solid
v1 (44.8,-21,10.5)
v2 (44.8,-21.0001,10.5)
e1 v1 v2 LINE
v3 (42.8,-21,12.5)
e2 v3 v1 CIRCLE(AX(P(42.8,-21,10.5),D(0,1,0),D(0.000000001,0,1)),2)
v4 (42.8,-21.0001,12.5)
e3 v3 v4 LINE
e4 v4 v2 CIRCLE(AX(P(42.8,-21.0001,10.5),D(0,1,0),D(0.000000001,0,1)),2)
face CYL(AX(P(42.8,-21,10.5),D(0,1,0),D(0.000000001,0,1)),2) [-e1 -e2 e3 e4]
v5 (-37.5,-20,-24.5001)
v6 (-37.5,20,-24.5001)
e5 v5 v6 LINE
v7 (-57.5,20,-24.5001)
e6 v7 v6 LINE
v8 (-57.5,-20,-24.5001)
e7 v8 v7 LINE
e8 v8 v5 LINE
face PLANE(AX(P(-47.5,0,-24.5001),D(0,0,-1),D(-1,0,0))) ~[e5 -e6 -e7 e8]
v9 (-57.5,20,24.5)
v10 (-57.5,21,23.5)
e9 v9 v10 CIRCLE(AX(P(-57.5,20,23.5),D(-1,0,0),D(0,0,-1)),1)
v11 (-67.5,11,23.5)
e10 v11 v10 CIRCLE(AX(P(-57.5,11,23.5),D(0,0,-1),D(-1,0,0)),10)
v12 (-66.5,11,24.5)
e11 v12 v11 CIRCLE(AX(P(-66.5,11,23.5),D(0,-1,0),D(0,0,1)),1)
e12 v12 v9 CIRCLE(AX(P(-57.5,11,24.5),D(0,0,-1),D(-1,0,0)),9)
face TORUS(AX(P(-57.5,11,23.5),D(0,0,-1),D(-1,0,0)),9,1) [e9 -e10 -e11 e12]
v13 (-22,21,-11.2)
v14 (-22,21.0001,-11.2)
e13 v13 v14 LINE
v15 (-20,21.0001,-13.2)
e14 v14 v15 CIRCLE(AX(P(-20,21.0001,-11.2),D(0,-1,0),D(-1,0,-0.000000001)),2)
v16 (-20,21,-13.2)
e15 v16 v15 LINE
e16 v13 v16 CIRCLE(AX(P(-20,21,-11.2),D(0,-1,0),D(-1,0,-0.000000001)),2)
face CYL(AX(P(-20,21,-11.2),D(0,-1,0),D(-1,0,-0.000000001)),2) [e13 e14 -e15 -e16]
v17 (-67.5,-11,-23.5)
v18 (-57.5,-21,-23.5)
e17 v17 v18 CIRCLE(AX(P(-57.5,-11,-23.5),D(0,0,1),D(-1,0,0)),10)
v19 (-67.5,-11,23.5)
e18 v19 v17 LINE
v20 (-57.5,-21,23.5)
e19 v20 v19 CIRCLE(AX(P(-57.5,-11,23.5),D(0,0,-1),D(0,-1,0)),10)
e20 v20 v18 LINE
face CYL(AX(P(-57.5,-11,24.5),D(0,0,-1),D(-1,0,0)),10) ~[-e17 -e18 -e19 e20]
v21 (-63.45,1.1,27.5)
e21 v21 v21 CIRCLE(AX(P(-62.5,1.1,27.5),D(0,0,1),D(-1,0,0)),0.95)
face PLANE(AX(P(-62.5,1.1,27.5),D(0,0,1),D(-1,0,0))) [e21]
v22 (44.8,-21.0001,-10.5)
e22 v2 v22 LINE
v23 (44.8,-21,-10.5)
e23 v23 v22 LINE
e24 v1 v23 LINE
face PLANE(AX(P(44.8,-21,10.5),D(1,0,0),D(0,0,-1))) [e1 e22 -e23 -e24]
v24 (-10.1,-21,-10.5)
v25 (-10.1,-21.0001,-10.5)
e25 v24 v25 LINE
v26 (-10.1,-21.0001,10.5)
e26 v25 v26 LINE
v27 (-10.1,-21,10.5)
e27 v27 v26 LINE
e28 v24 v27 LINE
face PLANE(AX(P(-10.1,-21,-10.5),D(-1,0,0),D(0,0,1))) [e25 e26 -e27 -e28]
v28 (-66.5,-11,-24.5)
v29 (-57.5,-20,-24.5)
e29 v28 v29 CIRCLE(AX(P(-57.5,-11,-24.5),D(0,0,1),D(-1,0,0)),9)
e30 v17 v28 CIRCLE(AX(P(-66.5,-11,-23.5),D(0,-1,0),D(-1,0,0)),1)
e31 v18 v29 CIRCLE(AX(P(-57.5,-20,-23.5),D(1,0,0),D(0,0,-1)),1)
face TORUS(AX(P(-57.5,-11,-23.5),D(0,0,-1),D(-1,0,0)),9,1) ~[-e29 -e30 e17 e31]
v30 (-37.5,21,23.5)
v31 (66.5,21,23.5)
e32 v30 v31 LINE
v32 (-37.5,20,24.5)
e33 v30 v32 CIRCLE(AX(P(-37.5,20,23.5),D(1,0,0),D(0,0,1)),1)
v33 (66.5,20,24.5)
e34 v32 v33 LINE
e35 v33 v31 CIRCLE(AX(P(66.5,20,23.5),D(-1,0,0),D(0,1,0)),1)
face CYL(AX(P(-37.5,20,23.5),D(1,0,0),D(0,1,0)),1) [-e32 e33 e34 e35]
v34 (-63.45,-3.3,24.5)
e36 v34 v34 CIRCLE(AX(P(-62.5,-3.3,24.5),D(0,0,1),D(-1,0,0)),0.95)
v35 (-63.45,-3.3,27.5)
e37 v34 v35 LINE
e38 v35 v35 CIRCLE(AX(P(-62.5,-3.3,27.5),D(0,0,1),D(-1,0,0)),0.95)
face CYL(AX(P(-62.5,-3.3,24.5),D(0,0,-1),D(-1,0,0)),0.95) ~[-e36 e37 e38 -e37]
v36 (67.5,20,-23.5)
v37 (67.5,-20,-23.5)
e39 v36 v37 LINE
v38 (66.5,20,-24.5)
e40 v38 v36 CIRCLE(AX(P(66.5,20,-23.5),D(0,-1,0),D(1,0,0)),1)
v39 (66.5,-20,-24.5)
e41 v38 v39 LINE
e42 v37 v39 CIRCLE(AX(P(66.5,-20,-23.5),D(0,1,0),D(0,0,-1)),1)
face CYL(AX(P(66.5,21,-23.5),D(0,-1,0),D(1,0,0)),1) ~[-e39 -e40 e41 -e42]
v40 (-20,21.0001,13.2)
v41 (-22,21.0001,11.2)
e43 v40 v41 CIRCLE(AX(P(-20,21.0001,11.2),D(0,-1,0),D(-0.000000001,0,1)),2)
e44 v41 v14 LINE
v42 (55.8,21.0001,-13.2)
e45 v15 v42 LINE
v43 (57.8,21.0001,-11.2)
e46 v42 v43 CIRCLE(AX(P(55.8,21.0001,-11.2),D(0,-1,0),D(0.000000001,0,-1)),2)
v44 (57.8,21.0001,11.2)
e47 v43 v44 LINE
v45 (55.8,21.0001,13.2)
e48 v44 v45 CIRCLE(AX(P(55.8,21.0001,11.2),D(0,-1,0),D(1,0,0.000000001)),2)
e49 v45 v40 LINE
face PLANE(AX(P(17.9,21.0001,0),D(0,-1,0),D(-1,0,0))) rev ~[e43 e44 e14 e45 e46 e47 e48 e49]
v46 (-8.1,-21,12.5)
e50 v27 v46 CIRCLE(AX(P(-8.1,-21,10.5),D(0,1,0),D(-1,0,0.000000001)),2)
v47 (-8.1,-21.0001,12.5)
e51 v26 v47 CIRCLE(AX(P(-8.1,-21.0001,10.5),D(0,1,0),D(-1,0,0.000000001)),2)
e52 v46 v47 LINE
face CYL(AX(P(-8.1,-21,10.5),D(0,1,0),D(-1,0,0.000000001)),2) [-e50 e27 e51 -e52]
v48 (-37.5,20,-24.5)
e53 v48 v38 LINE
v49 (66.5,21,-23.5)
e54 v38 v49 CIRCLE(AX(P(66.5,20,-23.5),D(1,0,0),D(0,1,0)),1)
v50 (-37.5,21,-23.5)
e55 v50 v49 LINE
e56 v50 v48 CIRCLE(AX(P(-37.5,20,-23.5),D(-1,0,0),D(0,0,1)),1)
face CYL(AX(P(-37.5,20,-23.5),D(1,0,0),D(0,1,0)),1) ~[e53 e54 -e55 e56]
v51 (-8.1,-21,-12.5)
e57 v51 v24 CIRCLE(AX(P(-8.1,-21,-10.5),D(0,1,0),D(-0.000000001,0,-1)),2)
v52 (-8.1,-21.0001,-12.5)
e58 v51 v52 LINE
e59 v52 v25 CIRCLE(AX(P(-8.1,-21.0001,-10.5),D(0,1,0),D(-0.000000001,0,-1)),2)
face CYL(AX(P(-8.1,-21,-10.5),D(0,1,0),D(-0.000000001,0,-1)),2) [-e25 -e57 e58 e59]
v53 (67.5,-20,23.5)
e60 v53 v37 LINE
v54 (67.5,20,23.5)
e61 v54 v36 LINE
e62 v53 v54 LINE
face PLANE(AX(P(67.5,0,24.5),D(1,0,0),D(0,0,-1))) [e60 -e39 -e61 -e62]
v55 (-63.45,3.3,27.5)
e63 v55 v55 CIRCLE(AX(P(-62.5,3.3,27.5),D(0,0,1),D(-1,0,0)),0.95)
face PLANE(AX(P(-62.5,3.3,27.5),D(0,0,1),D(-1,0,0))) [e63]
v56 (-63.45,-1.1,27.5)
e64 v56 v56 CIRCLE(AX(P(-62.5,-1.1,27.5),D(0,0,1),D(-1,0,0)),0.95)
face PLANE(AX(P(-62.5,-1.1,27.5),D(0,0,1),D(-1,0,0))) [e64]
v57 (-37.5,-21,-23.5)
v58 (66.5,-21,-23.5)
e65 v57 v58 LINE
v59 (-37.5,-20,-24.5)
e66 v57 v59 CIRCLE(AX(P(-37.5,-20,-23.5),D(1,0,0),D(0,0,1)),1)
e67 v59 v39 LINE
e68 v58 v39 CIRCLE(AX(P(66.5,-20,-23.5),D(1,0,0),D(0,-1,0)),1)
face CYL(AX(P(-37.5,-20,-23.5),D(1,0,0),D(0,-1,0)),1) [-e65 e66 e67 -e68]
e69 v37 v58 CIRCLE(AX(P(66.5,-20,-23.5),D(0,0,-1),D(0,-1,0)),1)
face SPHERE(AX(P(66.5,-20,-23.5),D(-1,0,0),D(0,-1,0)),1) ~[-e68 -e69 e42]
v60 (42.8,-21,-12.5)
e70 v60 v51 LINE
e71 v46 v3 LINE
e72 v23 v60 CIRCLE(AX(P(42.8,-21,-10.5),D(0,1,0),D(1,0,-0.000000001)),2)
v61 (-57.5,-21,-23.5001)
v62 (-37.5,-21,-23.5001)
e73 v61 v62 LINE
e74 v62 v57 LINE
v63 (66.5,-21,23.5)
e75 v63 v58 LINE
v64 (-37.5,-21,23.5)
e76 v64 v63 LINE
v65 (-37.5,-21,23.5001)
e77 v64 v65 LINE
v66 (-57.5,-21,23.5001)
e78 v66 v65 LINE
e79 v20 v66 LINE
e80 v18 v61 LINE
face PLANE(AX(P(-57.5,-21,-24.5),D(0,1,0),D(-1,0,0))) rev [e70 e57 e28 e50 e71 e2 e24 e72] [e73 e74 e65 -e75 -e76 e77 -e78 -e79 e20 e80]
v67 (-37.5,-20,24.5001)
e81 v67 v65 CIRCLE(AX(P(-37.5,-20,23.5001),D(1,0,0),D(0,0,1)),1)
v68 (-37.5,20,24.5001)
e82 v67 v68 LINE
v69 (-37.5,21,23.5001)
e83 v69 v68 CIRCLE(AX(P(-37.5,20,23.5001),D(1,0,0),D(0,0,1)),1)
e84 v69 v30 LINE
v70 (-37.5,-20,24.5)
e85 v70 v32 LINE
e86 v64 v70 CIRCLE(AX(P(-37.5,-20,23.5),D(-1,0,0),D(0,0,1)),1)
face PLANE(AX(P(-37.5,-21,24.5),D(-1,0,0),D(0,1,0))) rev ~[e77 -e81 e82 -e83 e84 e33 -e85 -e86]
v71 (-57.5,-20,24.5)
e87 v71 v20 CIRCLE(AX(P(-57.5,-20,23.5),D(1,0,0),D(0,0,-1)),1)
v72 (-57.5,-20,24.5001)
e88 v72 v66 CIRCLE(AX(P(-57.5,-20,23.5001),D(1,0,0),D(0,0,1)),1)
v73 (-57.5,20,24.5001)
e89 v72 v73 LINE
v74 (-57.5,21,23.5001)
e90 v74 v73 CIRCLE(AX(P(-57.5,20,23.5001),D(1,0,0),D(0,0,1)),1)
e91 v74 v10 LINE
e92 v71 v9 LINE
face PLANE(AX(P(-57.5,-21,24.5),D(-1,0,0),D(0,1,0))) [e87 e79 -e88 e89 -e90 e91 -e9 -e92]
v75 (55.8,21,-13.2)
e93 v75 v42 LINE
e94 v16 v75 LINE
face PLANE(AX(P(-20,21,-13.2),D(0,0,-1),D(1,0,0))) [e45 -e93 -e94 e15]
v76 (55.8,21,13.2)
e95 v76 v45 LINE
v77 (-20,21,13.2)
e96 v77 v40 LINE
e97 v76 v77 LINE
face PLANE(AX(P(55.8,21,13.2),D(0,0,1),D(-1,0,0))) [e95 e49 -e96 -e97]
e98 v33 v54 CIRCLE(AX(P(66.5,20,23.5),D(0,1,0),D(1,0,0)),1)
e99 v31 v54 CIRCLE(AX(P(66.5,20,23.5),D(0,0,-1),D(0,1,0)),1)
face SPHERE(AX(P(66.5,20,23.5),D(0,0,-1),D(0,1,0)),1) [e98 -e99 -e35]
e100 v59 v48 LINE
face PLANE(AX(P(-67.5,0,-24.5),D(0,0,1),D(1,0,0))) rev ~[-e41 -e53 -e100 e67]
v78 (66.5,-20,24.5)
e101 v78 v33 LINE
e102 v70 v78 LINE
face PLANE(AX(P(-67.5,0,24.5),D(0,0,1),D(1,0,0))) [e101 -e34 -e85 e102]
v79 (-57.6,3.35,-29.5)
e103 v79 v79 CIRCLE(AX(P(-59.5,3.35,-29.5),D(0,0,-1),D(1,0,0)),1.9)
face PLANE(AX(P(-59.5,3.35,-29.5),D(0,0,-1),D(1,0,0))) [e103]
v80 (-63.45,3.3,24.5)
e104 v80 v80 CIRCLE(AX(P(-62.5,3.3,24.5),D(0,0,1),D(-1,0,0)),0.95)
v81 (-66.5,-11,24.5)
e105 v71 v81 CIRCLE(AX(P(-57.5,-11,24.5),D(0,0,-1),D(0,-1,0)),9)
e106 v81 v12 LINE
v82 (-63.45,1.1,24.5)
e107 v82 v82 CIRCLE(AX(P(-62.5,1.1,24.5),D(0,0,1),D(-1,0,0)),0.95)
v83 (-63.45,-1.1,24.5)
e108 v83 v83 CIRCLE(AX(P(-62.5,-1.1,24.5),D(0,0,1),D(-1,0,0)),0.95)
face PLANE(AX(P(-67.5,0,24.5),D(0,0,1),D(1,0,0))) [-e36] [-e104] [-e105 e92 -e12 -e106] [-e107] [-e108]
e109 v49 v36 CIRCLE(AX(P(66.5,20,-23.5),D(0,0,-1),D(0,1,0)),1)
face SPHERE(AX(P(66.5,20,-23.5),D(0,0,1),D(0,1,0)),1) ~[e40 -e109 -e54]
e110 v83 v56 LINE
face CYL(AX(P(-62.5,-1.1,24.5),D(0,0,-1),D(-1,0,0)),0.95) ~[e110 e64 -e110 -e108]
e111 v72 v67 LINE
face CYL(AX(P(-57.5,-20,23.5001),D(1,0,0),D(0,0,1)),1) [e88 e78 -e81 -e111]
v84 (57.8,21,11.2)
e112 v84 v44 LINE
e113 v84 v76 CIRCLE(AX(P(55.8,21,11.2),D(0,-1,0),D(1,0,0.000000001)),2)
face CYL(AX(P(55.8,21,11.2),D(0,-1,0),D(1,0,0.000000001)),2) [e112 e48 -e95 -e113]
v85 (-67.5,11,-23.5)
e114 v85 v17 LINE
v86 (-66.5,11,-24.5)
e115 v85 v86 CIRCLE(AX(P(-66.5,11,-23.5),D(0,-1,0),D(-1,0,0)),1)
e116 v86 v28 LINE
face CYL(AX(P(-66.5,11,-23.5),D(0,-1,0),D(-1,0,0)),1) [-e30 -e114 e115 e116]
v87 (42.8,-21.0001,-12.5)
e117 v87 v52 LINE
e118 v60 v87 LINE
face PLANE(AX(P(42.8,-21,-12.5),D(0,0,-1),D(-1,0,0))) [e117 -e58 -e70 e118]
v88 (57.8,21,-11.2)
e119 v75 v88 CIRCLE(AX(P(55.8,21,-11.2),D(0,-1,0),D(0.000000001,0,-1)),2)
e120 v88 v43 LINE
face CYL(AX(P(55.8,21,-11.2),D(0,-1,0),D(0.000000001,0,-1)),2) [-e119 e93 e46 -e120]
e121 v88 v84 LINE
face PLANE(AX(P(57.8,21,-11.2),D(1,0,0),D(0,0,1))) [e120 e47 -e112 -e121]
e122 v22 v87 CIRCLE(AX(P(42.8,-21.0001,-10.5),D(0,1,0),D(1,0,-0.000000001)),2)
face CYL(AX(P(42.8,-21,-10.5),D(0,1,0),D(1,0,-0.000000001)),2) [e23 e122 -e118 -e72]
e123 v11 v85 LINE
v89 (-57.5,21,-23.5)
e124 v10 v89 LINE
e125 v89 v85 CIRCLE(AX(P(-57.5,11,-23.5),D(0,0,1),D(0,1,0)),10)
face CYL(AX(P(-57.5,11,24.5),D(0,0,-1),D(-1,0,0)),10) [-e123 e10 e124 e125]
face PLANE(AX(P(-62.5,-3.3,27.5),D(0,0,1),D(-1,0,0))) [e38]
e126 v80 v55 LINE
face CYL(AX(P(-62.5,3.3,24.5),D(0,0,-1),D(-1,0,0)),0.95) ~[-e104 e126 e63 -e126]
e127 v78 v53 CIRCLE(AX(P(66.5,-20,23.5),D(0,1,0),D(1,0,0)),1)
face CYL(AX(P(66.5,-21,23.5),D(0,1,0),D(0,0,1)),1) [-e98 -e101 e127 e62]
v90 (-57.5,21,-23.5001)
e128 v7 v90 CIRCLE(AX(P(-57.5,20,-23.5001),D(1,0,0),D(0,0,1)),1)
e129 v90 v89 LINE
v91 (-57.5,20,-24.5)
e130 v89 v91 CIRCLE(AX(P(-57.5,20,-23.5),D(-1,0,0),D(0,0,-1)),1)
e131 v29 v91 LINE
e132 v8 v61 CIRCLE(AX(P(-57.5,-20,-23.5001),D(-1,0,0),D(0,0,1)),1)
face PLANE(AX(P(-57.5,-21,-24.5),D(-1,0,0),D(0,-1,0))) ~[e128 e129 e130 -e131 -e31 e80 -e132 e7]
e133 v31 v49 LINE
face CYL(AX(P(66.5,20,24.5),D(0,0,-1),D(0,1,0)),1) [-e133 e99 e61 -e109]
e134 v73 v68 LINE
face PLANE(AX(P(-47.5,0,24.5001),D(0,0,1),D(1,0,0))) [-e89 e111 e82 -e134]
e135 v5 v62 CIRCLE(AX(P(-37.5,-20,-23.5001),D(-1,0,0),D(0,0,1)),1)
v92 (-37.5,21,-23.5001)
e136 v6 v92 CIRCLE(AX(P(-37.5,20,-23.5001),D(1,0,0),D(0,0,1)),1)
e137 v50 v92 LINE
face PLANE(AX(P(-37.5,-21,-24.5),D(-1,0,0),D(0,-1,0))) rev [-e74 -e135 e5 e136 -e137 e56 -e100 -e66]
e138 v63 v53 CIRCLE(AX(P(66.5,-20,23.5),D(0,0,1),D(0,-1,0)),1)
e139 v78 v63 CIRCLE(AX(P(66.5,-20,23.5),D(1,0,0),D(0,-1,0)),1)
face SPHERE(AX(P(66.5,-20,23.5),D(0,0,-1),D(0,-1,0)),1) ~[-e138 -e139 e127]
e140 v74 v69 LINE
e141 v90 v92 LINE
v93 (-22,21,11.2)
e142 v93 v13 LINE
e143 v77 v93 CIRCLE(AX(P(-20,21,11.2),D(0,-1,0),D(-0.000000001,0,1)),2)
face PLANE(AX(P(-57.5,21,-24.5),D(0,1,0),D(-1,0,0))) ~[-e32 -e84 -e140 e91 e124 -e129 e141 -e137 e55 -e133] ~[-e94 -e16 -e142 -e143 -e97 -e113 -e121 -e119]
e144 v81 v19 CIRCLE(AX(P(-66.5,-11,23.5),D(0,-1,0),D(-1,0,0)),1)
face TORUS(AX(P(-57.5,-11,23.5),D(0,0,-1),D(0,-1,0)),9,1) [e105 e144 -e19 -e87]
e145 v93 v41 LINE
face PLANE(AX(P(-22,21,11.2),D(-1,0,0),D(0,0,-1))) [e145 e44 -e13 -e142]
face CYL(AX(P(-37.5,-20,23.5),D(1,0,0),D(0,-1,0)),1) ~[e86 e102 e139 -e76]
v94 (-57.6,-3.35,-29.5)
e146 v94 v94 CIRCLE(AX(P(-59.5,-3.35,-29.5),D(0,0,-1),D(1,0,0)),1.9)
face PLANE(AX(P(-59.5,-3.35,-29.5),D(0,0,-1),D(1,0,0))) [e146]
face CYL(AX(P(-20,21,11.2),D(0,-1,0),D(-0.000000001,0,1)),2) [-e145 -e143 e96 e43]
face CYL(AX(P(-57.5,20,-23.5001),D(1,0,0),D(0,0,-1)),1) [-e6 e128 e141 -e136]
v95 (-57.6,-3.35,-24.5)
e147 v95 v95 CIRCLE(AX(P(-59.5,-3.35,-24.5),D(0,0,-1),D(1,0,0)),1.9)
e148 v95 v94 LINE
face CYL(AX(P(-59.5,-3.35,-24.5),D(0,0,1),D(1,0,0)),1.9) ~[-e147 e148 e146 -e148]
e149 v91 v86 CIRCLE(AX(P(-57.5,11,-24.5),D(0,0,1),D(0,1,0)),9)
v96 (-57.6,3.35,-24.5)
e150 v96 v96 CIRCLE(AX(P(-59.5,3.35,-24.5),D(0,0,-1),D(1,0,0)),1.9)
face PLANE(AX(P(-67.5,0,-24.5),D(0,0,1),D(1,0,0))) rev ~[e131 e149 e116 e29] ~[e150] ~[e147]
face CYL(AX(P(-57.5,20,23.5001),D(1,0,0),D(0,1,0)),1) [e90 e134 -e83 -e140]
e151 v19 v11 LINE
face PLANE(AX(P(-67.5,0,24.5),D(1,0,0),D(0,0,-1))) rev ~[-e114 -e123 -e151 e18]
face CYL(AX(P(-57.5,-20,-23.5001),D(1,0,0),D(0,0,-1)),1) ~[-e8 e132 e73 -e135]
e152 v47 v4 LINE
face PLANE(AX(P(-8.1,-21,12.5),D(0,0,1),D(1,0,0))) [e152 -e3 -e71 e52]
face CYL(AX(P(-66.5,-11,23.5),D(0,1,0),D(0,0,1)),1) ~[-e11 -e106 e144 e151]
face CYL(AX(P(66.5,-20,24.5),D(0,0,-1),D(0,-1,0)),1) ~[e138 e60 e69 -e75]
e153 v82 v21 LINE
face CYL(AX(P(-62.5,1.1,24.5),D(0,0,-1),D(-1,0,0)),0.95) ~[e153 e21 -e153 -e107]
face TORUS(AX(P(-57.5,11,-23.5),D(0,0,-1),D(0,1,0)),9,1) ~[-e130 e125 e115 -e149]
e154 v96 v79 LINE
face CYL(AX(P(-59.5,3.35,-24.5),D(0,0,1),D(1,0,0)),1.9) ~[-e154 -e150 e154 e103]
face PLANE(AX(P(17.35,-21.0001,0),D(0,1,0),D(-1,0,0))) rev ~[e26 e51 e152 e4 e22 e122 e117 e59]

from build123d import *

# Parameters (mm, degrees)
SKETCH1_W           = 135
SKETCH1_H           = 49
BOSS_EXTRUDE1_DEPTH = 21
FILLET1_R           = 10
SKETCH2_R           = 1.9
BOSS_EXTRUDE2_DEPTH = 5
SKETCH4_R           = 0.95
BOSS_EXTRUDE3_DEPTH = 3
SKETCH5_W           = 20
SKETCH5_H           = 42
BOSS_EXTRUDE4_DEPTH = 0.0001
BOSS_EXTRUDE5_DEPTH = 0.0001
BOSS_EXTRUDE6_DEPTH = 0.0001
FILLET7_R           = 1
FILLET8_R           = 1


with BuildPart() as part:
    # Sketch1 → Boss-Extrude1 (new, symmetric)
    with BuildSketch(Plane(origin=(0, 0, 0), x_dir=(1, 0, 0), z_dir=(0, 1, 0))):
        Rectangle(SKETCH1_W, SKETCH1_H)
    extrude(amount=BOSS_EXTRUDE1_DEPTH, both=True)

    # Fillet1
    fillet1_edges = [part.edges().sort_by_distance(p)[0] for p in [
        (-67.5, 21, 0),
        (-67.5, -21, 0),
    ]]
    fillet(fillet1_edges, radius=FILLET1_R)

    # Sketch2 → Boss-Extrude2 (add)
    with BuildSketch(Plane(origin=(0, 0, -24.5), x_dir=(-1, 0, 0), z_dir=(0, 0, -1))):
        with Locations(Location((59.5, 3.35, 0), (0, 0, 180))):
            Circle(SKETCH2_R)
        with Locations(Location((59.5, -3.35, 0), (0, 0, 180))):
            Circle(SKETCH2_R)
    extrude(amount=BOSS_EXTRUDE2_DEPTH)

    # Sketch4 → Boss-Extrude3 (add)
    with BuildSketch(Plane.XY.offset(24.5)):
        with Locations(Location((-62.5, 3.3, 0), (0, 0, 180))):
            Circle(SKETCH4_R)
        with Locations(Location((-62.5, 1.1, 0), (0, 0, 180))):
            Circle(SKETCH4_R)
        with Locations(Location((-62.5, -1.1, 0), (0, 0, 180))):
            Circle(SKETCH4_R)
        with Locations(Location((-62.5, -3.3, 0), (0, 0, 180))):
            Circle(SKETCH4_R)
    extrude(amount=BOSS_EXTRUDE3_DEPTH)

    # Sketch5 → Boss-Extrude4 (add)
    with BuildSketch(Plane.XY.offset(24.5)):
        with Locations((-47.5, 0)):
            Rectangle(SKETCH5_W, SKETCH5_H)
    boss_extrude4 = extrude(amount=BOSS_EXTRUDE4_DEPTH)

    # Mirror1: Boss-Extrude4 across plane
    add(boss_extrude4.mirror(Plane.XY))

    # Mirror1 at the second plane: Boss-Extrude4 across plane
    add(boss_extrude4.mirror(Plane.ZX))

    # Sketch6 → Boss-Extrude5 (add)
    with BuildSketch(Plane(origin=(0, 21, 0), x_dir=(1, 0, 0), z_dir=(0, 1, 0))):
        with BuildLine():
            Line((-20, 13.2), (55.8, 13.2))
            ThreePointArc((55.8, 13.2), (57.214213562, 12.614213562), (57.8, 11.2))
            Line((57.8, 11.2), (57.8, -11.2))
            ThreePointArc((57.8, -11.2), (57.214213562, -12.614213562), (55.8, -13.2))
            Line((55.8, -13.2), (-20, -13.2))
            ThreePointArc((-20, -13.2), (-21.414213562, -12.614213562), (-22, -11.2))
            Line((-22, -11.2), (-22, 11.2))
            ThreePointArc((-22, 11.2), (-21.414213562, 12.614213562), (-20, 13.2))
        make_face()
    extrude(amount=BOSS_EXTRUDE5_DEPTH)

    # Sketch7 → Boss-Extrude6 (add)
    with BuildSketch(Plane.XZ.offset(21)):
        with BuildLine():
            Line((-8.1, 12.5), (42.8, 12.5))
            ThreePointArc((42.8, 12.5), (44.214213562, 11.914213562), (44.8, 10.5))
            Line((44.8, 10.5), (44.8, -10.5))
            ThreePointArc((44.8, -10.5), (44.214213562, -11.914213562), (42.8, -12.5))
            Line((42.8, -12.5), (-8.1, -12.5))
            ThreePointArc((-8.1, -12.5), (-9.514213562, -11.914213562), (-10.1, -10.5))
            Line((-10.1, -10.5), (-10.1, 10.5))
            ThreePointArc((-10.1, 10.5), (-9.514213562, 11.914213562), (-8.1, 12.5))
        make_face()
    extrude(amount=BOSS_EXTRUDE6_DEPTH)

    # Fillet7
    fillet7_edges = [part.edges().sort_by_distance(p)[0] for p in [
        (67.5, 21, 0),
        (-67.5, 0, 24.5),
        (-67.5, 0, -24.5),
        (15, 21, -24.5),
        (-64.571067812, 18.071067812, 24.5),
        (-64.571067812, -18.071067812, 24.5),
        (-64.571067812, 18.071067812, -24.5),
        (-64.571067812, -18.071067812, -24.5),
        (15, -21, -24.5),
        (67.5, -21, 0),
        (15, -21, 24.5),
        (15, 21, 24.5),
        (67.5, 0, -24.5),
        (67.5, 0, 24.5),
    ]]
    fillet(fillet7_edges, radius=FILLET7_R)

    # Fillet8
    fillet8_edges = [part.edges().sort_by_distance(p)[0] for p in [
        (-47.5, -21, 24.5001),
        (-47.5, 21, 24.5001),
        (-47.5, 21, -24.5001),
        (-47.5, -21, -24.5001),
    ]]
    fillet(fillet8_edges, radius=FILLET8_R)


solid = part.part
